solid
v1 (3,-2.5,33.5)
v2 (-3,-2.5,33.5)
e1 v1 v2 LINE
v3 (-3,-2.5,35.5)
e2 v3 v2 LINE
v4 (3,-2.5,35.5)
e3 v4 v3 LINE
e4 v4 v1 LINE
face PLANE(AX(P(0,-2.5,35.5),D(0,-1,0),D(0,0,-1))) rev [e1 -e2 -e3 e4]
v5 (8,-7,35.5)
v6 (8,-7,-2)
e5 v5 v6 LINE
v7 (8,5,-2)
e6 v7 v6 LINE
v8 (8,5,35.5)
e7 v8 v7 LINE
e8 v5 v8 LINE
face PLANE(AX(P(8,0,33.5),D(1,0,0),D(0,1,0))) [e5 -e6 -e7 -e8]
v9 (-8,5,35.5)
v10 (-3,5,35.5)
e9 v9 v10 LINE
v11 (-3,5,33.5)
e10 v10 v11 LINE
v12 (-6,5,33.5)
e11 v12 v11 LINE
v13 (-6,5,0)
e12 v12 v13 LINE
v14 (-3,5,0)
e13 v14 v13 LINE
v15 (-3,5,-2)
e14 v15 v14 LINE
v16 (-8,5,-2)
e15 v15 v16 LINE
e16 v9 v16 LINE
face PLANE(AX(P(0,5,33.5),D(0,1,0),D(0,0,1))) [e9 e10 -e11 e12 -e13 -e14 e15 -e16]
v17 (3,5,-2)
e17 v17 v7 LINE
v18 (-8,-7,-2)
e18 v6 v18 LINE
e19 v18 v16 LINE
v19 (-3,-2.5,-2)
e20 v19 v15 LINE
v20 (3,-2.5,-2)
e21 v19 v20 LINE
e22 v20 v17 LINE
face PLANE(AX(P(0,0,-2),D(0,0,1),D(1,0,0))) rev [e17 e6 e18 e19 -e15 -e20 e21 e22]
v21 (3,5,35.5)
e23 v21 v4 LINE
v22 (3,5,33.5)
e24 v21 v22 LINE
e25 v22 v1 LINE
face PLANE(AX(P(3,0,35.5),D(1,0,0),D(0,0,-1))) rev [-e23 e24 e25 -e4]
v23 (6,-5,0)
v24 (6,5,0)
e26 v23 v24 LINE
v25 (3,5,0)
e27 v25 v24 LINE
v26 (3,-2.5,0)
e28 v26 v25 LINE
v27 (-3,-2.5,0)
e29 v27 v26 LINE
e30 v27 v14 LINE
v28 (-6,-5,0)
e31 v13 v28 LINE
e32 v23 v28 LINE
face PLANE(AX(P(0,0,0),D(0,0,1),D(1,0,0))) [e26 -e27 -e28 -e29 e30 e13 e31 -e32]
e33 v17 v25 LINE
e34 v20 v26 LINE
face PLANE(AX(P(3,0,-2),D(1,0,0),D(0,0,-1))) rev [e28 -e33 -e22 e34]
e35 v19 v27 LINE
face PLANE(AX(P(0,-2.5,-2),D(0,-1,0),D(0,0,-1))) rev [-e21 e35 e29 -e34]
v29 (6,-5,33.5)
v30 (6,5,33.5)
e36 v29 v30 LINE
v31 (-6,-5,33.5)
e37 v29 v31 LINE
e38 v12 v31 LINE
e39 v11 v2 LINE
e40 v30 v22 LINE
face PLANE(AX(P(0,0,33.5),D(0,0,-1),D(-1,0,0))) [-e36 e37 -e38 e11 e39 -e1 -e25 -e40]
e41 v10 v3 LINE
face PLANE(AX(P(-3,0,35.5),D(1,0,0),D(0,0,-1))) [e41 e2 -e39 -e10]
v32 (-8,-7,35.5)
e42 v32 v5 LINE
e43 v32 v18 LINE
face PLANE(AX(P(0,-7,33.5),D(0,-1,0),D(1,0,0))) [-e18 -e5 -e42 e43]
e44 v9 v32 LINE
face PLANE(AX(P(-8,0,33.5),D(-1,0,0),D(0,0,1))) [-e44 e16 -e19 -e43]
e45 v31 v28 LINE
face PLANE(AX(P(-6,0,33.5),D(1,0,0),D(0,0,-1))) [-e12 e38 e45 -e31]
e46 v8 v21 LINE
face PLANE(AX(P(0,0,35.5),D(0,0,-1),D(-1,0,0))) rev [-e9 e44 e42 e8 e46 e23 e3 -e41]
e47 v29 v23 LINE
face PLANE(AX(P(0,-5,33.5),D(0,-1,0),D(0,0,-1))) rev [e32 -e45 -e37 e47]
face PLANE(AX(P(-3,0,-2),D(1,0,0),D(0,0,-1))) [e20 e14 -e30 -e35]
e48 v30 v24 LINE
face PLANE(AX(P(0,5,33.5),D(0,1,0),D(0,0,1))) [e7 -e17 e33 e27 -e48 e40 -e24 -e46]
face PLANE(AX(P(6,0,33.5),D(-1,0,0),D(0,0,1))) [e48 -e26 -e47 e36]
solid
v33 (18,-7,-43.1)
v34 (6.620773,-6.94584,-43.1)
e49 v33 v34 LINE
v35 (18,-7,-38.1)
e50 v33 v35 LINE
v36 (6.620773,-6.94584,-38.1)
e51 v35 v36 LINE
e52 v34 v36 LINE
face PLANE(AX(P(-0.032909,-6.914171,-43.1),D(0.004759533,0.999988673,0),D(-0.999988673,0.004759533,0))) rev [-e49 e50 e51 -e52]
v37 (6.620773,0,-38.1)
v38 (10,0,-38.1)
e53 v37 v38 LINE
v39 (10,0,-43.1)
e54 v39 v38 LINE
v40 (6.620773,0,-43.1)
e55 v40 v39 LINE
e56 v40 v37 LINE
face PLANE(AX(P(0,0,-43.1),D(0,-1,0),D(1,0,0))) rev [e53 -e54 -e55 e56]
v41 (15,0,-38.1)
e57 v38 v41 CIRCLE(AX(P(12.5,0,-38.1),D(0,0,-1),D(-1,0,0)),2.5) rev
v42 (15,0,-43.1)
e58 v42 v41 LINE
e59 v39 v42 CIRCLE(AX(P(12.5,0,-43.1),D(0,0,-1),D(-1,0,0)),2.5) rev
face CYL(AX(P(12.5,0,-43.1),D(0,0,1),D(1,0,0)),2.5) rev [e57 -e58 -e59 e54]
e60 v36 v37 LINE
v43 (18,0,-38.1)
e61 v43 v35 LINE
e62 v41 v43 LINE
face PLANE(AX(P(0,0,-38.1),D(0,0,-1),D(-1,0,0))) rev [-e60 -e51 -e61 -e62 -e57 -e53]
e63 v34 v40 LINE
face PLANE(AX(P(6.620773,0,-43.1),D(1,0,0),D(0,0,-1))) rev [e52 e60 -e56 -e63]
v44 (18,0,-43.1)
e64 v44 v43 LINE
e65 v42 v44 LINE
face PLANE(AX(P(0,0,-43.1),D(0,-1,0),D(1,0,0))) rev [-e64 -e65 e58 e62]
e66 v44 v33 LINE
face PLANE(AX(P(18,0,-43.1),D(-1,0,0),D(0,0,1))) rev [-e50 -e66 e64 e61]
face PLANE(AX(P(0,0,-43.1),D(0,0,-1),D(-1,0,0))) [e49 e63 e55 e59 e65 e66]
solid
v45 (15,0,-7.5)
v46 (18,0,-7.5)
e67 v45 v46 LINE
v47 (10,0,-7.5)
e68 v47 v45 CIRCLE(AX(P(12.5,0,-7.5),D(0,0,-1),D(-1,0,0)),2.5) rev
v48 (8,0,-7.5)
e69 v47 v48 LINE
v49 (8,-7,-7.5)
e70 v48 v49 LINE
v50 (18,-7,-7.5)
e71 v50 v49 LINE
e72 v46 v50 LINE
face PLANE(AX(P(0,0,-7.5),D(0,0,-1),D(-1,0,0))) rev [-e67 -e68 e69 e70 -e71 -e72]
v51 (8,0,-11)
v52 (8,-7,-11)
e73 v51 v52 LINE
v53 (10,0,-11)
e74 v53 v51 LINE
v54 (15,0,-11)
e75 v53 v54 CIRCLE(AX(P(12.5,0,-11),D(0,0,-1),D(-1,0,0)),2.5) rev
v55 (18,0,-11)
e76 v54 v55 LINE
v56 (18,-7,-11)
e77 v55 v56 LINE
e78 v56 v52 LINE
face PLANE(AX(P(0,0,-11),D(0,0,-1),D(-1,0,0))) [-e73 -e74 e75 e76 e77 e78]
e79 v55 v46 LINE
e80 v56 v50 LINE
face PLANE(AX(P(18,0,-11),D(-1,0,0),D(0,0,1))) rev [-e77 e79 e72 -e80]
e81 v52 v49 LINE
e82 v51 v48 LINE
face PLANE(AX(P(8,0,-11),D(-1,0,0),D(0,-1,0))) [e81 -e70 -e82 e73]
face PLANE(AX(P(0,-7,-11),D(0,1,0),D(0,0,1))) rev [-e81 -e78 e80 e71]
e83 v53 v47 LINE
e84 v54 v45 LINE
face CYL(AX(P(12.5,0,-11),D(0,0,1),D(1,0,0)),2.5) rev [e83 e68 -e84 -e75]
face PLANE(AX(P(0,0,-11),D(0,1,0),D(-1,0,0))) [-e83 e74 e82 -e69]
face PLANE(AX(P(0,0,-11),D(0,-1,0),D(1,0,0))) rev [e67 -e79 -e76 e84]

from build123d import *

# Parameters (mm, degrees)
BOSS_EXTRUDE1_DEPTH = 33.5
BOSS_EXTRUDE2_DEPTH = 2
BOSS_EXTRUDE3_START = 33.5
BOSS_EXTRUDE3_DEPTH = 2
BOSS_EXTRUDE4_START = 5.5
BOSS_EXTRUDE4_DEPTH = 3.5
BOSS_EXTRUDE5_DEPTH = 5


with BuildPart() as part:
    # Sketch1 → Boss-Extrude1 (new body)
    with BuildSketch(Plane.XY):
        Polygon((-6, 5), (-6, -5), (6, -5), (6, 5), (8, 5), (8, -7), (-8, -7), (-8, 5), align=None)
    extrude(amount=BOSS_EXTRUDE1_DEPTH)

    # Sketch1<3> → Boss-Extrude2 (add)
    with BuildSketch(Plane.XY):
        Polygon((-3, -2.5), (-3, 5), (-6, 5), (-6, -5), (6, -5), (6, 5), (3, 5), (3, -2.5), (0, -2.5), align=None)
        Polygon((-6, 5), (-6, -5), (6, -5), (6, 5), (8, 5), (8, -7), (-8, -7), (-8, 5), align=None)
    extrude(amount=-BOSS_EXTRUDE2_DEPTH)

    # Sketch1<4> → Boss-Extrude3 (add)
    with BuildSketch(Plane.XY.offset(BOSS_EXTRUDE3_START)):
        Polygon((-3, -2.5), (-3, 5), (-6, 5), (-6, -5), (6, -5), (6, 5), (3, 5), (3, -2.5), (0, -2.5), align=None)
        Polygon((-6, 5), (-6, -5), (6, -5), (6, 5), (8, 5), (8, -7), (-8, -7), (-8, 5), align=None)
    extrude(amount=BOSS_EXTRUDE3_DEPTH)


with BuildPart() as body_2:
    # Sketch3 → Boss-Extrude4 (new body)
    with BuildSketch(Plane(origin=(0, 0, -2), x_dir=(-1, 0, 0), z_dir=(0, 0, -1)).offset(BOSS_EXTRUDE4_START)):
        with BuildLine():
            ThreePointArc((-10, 0), (-12.5, -2.5), (-15, 0))
            Line((-15, 0), (-18, 0))
            Line((-18, 0), (-18, -7))
            Line((-18, -7), (-8, -7))
            Line((-8, -7), (-8, 0))
            Line((-8, 0), (-10, 0))
        make_face()
    extrude(amount=BOSS_EXTRUDE4_DEPTH)


with BuildPart() as body_3:
    # Sketch4 → Boss-Extrude5 (new body)
    with BuildSketch(Plane(origin=(0, 0, -38.1), x_dir=(-1, 0, 0), z_dir=(0, 0, -1))):
        with BuildLine():
            Line((-6.620772797, 0), (-10, 0))
            ThreePointArc((-10, 0), (-12.5, -2.5), (-15, 0))
            Line((-15, 0), (-18, 0))
            Line((-18, 0), (-18, -7))
            Line((-18, -7), (-6.620772797, -6.945839582))
            Line((-6.620772797, -6.945839582), (-6.620772797, 0))
        make_face()
    extrude(amount=BOSS_EXTRUDE5_DEPTH)


solid = Compound([part.part, body_2.part, body_3.part])
